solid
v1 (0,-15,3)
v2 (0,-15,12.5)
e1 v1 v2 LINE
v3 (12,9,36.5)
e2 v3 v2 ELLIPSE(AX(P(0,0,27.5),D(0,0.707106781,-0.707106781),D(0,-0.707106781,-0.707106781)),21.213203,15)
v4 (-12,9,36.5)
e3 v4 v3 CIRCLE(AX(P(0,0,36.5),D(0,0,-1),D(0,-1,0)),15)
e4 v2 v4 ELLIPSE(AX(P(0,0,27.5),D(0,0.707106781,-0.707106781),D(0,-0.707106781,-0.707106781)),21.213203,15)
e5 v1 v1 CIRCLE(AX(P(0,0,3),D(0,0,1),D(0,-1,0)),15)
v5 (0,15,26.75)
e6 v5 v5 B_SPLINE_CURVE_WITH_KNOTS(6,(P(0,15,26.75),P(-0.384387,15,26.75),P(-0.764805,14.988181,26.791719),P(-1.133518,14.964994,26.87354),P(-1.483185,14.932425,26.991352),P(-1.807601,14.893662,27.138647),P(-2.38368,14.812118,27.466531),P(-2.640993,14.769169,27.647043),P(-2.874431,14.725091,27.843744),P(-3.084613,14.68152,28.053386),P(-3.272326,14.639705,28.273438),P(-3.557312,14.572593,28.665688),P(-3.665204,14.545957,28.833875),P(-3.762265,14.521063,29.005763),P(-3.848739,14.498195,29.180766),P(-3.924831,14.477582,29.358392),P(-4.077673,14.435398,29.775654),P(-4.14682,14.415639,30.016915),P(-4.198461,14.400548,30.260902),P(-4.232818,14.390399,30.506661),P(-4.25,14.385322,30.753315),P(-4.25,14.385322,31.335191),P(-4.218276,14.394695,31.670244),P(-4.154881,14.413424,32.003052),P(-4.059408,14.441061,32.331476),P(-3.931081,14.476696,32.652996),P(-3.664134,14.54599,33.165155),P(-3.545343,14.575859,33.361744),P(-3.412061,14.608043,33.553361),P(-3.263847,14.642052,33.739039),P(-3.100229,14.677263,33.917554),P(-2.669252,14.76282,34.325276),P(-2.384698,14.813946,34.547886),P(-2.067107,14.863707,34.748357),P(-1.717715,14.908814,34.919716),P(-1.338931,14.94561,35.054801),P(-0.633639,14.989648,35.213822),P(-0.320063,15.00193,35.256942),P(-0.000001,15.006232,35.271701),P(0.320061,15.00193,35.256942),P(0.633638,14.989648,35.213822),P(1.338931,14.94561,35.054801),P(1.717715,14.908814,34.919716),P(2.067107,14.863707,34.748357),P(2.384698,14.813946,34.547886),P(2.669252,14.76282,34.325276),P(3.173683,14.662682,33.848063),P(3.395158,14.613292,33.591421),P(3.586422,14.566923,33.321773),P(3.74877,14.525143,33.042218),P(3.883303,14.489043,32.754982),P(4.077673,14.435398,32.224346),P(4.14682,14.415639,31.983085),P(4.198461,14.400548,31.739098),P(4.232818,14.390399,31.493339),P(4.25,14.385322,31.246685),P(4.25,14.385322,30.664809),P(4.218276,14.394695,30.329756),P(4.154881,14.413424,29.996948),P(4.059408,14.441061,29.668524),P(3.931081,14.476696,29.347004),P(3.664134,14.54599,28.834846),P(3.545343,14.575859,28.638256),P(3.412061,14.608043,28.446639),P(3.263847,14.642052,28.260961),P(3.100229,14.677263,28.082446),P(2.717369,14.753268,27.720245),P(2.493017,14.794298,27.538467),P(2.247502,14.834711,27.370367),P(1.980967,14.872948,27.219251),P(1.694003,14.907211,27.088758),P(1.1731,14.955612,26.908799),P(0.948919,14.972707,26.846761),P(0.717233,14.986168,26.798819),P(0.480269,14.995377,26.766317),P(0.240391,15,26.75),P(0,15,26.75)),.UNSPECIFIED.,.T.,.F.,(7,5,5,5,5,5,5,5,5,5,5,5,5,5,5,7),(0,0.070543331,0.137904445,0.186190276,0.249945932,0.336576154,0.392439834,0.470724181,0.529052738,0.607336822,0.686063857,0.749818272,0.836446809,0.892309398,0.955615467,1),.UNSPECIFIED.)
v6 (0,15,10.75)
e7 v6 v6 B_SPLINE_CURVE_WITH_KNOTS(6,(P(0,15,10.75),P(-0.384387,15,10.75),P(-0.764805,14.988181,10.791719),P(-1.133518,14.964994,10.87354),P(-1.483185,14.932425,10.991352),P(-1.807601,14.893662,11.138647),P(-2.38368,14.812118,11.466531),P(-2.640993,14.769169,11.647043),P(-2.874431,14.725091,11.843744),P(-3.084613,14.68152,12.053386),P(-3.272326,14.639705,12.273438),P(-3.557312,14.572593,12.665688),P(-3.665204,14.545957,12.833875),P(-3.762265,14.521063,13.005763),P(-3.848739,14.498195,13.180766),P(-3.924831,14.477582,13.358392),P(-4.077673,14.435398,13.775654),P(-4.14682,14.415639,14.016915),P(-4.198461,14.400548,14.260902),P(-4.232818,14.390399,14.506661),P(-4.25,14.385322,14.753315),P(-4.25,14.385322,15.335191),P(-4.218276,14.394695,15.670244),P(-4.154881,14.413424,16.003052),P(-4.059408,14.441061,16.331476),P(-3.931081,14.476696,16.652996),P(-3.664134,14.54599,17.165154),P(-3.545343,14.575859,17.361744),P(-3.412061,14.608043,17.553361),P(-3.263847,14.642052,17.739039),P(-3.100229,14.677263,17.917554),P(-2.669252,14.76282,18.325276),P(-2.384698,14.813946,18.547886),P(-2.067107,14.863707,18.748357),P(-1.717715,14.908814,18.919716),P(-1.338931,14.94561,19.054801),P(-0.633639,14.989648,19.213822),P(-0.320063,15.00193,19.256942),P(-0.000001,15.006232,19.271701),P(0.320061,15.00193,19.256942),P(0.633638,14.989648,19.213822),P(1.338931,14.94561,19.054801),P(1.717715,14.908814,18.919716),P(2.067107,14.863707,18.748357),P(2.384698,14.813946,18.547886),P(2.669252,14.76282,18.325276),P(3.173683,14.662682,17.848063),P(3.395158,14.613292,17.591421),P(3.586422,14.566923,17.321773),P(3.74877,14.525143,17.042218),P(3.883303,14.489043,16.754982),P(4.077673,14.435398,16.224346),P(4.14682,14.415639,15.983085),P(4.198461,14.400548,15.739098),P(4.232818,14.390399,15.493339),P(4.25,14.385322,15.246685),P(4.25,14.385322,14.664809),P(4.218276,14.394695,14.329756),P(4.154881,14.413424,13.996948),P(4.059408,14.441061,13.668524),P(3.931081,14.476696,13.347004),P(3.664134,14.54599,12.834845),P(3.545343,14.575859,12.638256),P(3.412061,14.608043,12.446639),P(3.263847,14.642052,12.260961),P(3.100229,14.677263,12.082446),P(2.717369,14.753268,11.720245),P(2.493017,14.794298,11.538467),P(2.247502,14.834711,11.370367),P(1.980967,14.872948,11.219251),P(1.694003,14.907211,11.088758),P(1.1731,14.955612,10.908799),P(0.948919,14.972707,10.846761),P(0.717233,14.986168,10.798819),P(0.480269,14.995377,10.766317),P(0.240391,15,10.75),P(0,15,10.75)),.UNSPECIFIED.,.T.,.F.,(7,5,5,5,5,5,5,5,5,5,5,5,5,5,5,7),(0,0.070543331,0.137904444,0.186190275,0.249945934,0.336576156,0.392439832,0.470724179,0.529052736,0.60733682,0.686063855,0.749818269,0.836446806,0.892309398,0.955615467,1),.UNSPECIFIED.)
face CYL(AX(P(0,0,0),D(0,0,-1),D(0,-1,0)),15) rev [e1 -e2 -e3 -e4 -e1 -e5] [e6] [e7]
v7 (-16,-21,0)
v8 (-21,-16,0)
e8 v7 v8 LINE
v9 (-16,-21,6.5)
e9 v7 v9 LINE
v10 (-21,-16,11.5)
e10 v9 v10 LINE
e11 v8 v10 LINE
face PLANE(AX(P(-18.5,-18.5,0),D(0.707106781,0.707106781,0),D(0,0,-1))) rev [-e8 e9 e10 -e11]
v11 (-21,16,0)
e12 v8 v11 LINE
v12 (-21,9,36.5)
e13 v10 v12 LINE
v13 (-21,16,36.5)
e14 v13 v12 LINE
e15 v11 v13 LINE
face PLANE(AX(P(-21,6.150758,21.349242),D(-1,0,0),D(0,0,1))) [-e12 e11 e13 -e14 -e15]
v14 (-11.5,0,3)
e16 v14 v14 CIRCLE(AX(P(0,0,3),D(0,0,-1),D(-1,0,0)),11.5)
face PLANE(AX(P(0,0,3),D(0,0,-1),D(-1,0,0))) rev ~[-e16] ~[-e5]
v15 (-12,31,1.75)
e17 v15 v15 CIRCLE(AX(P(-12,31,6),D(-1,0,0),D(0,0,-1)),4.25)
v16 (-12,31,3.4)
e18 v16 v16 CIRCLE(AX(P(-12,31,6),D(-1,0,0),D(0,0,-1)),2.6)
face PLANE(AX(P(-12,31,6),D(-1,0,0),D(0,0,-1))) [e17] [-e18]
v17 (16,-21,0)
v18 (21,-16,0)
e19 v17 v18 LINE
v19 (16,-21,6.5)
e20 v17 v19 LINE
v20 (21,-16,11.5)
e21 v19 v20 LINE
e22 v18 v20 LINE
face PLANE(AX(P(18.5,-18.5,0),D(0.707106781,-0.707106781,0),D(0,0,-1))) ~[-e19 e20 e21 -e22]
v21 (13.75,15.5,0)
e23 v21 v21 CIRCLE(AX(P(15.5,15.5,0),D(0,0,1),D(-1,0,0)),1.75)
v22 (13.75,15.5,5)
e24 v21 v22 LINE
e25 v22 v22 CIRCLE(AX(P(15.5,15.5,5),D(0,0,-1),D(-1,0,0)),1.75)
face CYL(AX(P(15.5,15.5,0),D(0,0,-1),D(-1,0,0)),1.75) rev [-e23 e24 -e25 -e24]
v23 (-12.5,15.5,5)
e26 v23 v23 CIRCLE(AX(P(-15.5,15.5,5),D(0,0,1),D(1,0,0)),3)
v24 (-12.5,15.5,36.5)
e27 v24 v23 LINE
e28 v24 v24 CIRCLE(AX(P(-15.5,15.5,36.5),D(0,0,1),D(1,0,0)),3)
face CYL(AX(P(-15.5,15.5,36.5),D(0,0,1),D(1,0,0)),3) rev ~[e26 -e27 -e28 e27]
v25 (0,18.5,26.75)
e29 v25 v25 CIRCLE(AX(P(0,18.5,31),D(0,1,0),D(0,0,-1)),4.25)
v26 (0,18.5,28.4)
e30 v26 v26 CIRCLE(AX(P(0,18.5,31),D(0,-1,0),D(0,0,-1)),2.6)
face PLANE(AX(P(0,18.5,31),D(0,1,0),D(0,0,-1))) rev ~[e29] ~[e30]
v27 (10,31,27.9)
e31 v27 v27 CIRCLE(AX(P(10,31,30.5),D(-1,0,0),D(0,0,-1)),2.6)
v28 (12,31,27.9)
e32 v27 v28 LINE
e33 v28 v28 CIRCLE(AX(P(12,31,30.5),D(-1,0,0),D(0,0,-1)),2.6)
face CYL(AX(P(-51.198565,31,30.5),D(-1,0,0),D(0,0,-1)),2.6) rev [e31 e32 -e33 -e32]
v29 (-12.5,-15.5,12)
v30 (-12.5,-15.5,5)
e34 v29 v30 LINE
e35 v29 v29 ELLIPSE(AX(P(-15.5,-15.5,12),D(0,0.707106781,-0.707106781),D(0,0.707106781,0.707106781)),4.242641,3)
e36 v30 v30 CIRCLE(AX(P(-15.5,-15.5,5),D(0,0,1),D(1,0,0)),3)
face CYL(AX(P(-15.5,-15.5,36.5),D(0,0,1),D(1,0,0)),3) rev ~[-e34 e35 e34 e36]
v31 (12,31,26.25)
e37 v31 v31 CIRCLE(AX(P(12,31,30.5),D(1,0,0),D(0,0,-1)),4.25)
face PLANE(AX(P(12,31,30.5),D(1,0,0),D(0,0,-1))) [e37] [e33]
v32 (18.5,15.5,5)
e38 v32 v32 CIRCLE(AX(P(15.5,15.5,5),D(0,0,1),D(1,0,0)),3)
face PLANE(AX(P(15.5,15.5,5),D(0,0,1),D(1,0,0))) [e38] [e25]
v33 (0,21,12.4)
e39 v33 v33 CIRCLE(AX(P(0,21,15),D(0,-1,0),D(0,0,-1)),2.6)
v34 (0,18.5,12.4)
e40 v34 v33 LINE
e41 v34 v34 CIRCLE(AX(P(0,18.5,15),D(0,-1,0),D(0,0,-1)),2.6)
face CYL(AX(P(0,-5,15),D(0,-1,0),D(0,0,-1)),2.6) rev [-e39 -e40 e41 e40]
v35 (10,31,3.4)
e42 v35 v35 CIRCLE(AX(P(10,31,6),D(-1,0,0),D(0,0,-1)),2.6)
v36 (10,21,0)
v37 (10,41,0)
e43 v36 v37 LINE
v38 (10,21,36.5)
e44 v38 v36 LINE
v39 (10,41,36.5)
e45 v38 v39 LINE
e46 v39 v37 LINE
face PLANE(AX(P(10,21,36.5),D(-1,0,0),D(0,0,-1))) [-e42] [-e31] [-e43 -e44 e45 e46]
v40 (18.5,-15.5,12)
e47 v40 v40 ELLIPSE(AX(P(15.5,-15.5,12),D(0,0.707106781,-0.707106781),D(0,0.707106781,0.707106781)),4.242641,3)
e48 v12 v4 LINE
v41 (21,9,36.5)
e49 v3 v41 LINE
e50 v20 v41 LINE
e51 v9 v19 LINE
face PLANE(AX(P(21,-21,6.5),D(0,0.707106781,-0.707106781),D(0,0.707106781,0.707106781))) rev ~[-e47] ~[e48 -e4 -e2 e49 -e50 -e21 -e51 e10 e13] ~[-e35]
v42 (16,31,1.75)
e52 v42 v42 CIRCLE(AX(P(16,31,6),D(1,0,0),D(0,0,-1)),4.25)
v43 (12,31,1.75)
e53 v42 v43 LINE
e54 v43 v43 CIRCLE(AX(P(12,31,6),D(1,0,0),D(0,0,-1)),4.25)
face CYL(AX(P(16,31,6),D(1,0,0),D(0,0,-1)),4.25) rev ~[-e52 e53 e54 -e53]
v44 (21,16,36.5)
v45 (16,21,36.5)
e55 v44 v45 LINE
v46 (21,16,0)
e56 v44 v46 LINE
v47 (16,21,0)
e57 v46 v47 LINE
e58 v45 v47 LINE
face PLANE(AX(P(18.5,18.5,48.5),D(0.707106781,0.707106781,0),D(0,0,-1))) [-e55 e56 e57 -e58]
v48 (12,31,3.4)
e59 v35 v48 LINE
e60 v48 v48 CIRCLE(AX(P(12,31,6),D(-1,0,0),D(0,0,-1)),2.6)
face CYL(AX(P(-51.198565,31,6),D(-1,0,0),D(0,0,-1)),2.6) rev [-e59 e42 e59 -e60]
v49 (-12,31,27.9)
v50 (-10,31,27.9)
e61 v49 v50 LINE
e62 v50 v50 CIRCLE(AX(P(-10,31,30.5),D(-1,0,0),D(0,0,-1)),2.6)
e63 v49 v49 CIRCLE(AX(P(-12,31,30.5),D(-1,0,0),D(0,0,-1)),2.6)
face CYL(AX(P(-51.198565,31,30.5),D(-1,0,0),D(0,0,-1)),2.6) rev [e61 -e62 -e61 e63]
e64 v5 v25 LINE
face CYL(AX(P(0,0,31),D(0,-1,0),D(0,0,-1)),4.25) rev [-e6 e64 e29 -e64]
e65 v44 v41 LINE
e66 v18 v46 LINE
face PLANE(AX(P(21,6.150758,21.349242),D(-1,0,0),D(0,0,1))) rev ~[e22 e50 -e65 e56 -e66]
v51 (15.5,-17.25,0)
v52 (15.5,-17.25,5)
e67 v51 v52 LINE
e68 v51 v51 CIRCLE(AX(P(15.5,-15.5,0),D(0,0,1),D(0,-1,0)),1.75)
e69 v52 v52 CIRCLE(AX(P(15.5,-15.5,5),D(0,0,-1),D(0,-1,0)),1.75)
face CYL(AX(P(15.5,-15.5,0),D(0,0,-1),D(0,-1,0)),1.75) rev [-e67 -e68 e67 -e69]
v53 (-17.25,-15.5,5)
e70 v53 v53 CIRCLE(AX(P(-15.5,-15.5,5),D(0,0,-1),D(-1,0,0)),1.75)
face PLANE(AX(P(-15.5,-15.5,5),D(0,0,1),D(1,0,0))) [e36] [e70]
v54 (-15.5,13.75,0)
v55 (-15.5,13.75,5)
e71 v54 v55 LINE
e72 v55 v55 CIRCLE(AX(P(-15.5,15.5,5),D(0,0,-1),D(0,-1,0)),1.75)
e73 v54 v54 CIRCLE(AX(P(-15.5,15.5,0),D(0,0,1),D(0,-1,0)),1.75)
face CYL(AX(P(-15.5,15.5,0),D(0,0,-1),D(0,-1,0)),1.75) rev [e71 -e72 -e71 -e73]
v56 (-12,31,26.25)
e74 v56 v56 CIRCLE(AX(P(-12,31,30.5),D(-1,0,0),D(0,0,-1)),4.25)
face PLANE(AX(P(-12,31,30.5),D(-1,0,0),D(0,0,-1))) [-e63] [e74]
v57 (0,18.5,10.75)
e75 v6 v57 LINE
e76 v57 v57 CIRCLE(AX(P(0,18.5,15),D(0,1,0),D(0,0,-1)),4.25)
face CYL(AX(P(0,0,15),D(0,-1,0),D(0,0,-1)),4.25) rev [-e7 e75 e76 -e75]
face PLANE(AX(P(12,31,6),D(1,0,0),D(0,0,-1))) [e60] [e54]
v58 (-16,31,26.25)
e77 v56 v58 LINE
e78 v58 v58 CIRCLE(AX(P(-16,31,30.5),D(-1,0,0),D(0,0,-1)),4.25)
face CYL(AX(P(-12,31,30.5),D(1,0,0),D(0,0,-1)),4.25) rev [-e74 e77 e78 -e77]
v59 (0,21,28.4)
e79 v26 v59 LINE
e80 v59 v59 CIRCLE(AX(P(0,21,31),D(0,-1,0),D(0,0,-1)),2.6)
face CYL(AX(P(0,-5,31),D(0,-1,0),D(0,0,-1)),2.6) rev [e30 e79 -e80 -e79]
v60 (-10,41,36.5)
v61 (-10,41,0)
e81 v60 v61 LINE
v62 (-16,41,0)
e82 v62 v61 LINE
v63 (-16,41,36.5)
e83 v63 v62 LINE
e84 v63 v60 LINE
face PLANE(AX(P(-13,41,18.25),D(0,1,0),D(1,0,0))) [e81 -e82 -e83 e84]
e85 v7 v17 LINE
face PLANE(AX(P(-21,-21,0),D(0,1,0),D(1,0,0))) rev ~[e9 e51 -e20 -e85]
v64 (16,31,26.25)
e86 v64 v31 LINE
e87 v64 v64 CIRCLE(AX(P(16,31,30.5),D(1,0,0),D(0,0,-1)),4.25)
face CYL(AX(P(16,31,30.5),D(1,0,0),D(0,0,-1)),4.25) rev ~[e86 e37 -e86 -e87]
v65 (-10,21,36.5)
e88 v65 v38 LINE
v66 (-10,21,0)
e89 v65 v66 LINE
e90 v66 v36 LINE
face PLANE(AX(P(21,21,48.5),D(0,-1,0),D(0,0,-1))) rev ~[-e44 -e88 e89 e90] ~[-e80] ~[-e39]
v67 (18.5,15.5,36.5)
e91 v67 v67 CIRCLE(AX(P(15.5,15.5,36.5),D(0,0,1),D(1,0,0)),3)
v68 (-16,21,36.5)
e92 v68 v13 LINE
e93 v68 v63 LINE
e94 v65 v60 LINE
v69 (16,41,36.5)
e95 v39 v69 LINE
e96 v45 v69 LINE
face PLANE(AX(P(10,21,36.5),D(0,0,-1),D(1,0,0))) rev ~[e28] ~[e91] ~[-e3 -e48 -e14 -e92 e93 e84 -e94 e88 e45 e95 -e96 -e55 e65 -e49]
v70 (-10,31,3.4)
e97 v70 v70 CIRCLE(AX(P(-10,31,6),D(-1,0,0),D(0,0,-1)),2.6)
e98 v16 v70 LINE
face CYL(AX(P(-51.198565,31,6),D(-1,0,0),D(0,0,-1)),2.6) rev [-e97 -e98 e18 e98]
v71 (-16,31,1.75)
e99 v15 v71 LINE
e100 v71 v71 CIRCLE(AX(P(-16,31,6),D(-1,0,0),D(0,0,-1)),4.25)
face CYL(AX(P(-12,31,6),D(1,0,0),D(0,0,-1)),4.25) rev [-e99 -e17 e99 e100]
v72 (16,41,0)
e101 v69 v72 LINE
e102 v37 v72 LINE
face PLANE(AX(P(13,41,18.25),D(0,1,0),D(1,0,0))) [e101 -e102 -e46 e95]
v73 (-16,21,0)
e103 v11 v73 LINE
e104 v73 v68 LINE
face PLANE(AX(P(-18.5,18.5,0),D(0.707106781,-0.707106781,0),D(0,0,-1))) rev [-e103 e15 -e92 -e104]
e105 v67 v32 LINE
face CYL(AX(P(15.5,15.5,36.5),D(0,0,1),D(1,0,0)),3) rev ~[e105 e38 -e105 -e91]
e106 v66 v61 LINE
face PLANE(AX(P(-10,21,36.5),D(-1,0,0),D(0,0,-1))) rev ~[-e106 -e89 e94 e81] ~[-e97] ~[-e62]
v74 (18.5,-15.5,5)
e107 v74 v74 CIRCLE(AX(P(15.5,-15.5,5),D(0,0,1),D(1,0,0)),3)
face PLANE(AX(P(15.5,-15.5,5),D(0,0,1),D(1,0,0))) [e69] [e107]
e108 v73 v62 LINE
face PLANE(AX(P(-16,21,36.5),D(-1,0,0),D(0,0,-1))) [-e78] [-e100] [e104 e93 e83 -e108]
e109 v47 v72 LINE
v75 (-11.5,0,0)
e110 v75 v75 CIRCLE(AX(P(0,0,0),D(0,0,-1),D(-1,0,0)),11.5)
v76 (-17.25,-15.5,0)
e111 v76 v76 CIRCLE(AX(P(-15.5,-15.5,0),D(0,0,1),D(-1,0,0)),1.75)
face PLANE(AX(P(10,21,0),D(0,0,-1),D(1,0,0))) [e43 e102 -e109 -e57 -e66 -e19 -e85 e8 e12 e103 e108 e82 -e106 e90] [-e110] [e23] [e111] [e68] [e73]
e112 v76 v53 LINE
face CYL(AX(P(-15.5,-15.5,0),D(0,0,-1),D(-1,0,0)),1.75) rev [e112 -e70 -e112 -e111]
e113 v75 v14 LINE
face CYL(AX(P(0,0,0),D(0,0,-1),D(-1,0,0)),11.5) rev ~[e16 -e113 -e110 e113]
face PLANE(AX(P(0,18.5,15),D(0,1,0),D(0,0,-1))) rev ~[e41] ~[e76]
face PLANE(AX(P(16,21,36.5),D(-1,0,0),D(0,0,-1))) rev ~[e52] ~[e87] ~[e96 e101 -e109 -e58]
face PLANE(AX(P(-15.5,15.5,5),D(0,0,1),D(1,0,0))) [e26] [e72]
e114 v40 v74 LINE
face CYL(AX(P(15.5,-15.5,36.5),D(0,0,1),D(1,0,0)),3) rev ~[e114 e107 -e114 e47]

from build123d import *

# Parameters (mm, degrees)
SKETCH_1_W               = 42
SKETCH_1_H               = 42
EXTRUDE_1_DEPTH          = 6.5
EXTRUDE_2_DEPTH          = 42
SKETCH_2_R               = 15
CUT_EXTRUDE_2_DEPTH      = 57.870466852
SKETCH_4_R               = 1.75
CUT_EXTRUDE_1_DEPTH      = 57.870466852
CHAMFER_1_SIZE           = 5
CUT_EXTRUDE_3_DEPTH      = 68.507407001
SKETCH_7_R               = 3
CUT_EXTRUDE_4_DEPTH      = 31.5
CUT_EXTRUDE_5_DEPTH      = 48.055817919
CUT_EXTRUDE_5_DEPTH_BACK = 5
SKETCH_8_R               = 2.6
SKETCH_9_R               = 4.25
CUT_EXTRUDE_6_DEPTH      = 18.5
SKETCH_10_R              = 15
SKETCH_10_R_2            = 11.5
EXTRUDE_3_DEPTH          = 3
SKETCH_11_W              = 6
SKETCH_11_H              = 36.5
EXTRUDE_4_DEPTH          = 20
CUT_EXTRUDE_7_DEPTH      = 67.198564994
CUT_EXTRUDE_7_DEPTH_BACK = 67.198564994
SKETCH_12_R              = 2.6
SKETCH_13_R              = 4.25
CUT_EXTRUDE_8_DEPTH      = 4
CUT_EXTRUDE_START        = -4
SKETCH_14_R              = 4.25
CUT_EXTRUDE_9_DEPTH      = 4


with BuildPart() as part:
    # 草圖1 → 填料-伸長1 (new body)
    with BuildSketch(Plane.XY):
        Rectangle(SKETCH_1_W, SKETCH_1_H)
    extrude(amount=EXTRUDE_1_DEPTH)

    # 草圖5 → 填料-伸長2 (add)
    with BuildSketch(Plane(origin=(21, 0, 0), x_dir=(0, 0, -1), z_dir=(1, 0, 0))):
        Polygon((-6.5, -21), (-48.5, 21), (-6.5, 21), align=None)
    extrude(amount=-EXTRUDE_2_DEPTH)

    # 草圖2 → 除料-伸長2 (cut, through all)
    with BuildSketch(Plane.XY):
        with Locations(Location((0, 0, 0), (0, 0, 270))):
            Circle(SKETCH_2_R)
    extrude(amount=CUT_EXTRUDE_2_DEPTH, mode=Mode.SUBTRACT)

    # 草圖4 → 除料-伸長1 (cut, through all)
    with BuildSketch(Plane.XY):
        with Locations(Location((-15.5, 15.5, 0), (0, 0, 270))):
            Circle(SKETCH_4_R)
        with Locations(Location((-15.5, -15.5, 0), (0, 0, 180))):
            Circle(SKETCH_4_R)
        with Locations(Location((15.5, -15.5, 0), (0, 0, 270))):
            Circle(SKETCH_4_R)
        with Locations(Location((15.5, 15.5, 0), (0, 0, 180))):
            Circle(SKETCH_4_R)
    extrude(amount=CUT_EXTRUDE_1_DEPTH, mode=Mode.SUBTRACT)

    # 導角1
    chamfer_1_edges = [part.edges().sort_by_distance(p)[0] for p in [
        (-21, 21, 24.25),
        (21, 21, 24.25),
        (21, -21, 3.25),
        (-21, -21, 3.25),
    ]]
    chamfer(chamfer_1_edges, length=CHAMFER_1_SIZE)

    # 草圖6 → 除料-伸長3 (cut, through all)
    with BuildSketch(Plane.ZY.offset(21)):
        Polygon((48.5, 21), (36.5, 21), (36.5, 9), align=None)
    extrude(amount=-CUT_EXTRUDE_3_DEPTH, mode=Mode.SUBTRACT)

    # 草圖7 → 除料-伸長4 (cut)
    with BuildSketch(Plane.XY.offset(36.5)):
        with Locations((-15.5, 15.5)):
            Circle(SKETCH_7_R)
        with Locations((15.5, 15.5)):
            Circle(SKETCH_7_R)
        with Locations((15.5, -15.5)):
            Circle(SKETCH_7_R)
        with Locations((-15.5, -15.5)):
            Circle(SKETCH_7_R)
    extrude(amount=-CUT_EXTRUDE_4_DEPTH, mode=Mode.SUBTRACT)

    # 草圖8 → 除料-伸長5 (cut, two sides: drawn at the far end of the back side and taken through both)
    with BuildSketch(Plane(origin=(0, 0, 0), x_dir=(1, 0, 0), z_dir=(0, 1, 0)).offset(-CUT_EXTRUDE_5_DEPTH_BACK)):
        with Locations(Location((0, -15, 0), (0, 0, 90))):
            Circle(SKETCH_8_R)
        with Locations(Location((0, -31, 0), (0, 0, 90))):
            Circle(SKETCH_8_R)
    extrude(amount=CUT_EXTRUDE_5_DEPTH + CUT_EXTRUDE_5_DEPTH_BACK, mode=Mode.SUBTRACT)

    # 草圖9 → 除料-伸長6 (cut)
    with BuildSketch(Plane(origin=(0, 0, 0), x_dir=(1, 0, 0), z_dir=(0, 1, 0))):
        with Locations(Location((0, -31, 0), (0, 0, 90))):
            Circle(SKETCH_9_R)
        with Locations(Location((0, -15, 0), (0, 0, 90))):
            Circle(SKETCH_9_R)
    extrude(amount=CUT_EXTRUDE_6_DEPTH, mode=Mode.SUBTRACT)

    # 草圖10 → 填料-伸長3 (add)
    with BuildSketch(Plane(origin=(0, 0, 0), x_dir=(-1, 0, 0), z_dir=(0, 0, -1))):
        Circle(SKETCH_10_R)
        Circle(SKETCH_10_R_2, mode=Mode.SUBTRACT)
    extrude(amount=-EXTRUDE_3_DEPTH)

    # 草圖11 → 填料-伸長4 (add)
    with BuildSketch(Plane(origin=(0, 21, 0), x_dir=(1, 0, 0), z_dir=(0, 1, 0))):
        with Locations((13, -18.25)):
            Rectangle(SKETCH_11_W, SKETCH_11_H)
        with Locations((-13, -18.25)):
            Rectangle(SKETCH_11_W, SKETCH_11_H)
    extrude(amount=EXTRUDE_4_DEPTH)

    # 草圖12 → 除料-伸長7 (cut, two sides: drawn at the far end of the back side and taken through both)
    with BuildSketch(Plane(origin=(16, 0, 0), x_dir=(0, 0, -1), z_dir=(1, 0, 0)).offset(-CUT_EXTRUDE_7_DEPTH_BACK)):
        with Locations((-30.5, 31)):
            Circle(SKETCH_12_R)
        with Locations((-6, 31)):
            Circle(SKETCH_12_R)
    extrude(amount=CUT_EXTRUDE_7_DEPTH + CUT_EXTRUDE_7_DEPTH_BACK, mode=Mode.SUBTRACT)

    # 草圖13 → 除料-伸長8 (cut)
    with BuildSketch(Plane(origin=(16, 0, 0), x_dir=(0, 0, -1), z_dir=(1, 0, 0))):
        with Locations((-30.5, 31)):
            Circle(SKETCH_13_R)
        with Locations((-6, 31)):
            Circle(SKETCH_13_R)
    extrude(amount=-CUT_EXTRUDE_8_DEPTH, mode=Mode.SUBTRACT)

    # 草圖14 → 除料-伸長9 (cut)
    with BuildSketch(Plane.ZY.offset(16).offset(CUT_EXTRUDE_START)):
        with Locations(Location((30.5, 31, 0), (0, 0, 180))):
            Circle(SKETCH_14_R)
        with Locations(Location((6, 31, 0), (0, 0, 180))):
            Circle(SKETCH_14_R)
    extrude(amount=CUT_EXTRUDE_9_DEPTH, mode=Mode.SUBTRACT)


solid = part.part
